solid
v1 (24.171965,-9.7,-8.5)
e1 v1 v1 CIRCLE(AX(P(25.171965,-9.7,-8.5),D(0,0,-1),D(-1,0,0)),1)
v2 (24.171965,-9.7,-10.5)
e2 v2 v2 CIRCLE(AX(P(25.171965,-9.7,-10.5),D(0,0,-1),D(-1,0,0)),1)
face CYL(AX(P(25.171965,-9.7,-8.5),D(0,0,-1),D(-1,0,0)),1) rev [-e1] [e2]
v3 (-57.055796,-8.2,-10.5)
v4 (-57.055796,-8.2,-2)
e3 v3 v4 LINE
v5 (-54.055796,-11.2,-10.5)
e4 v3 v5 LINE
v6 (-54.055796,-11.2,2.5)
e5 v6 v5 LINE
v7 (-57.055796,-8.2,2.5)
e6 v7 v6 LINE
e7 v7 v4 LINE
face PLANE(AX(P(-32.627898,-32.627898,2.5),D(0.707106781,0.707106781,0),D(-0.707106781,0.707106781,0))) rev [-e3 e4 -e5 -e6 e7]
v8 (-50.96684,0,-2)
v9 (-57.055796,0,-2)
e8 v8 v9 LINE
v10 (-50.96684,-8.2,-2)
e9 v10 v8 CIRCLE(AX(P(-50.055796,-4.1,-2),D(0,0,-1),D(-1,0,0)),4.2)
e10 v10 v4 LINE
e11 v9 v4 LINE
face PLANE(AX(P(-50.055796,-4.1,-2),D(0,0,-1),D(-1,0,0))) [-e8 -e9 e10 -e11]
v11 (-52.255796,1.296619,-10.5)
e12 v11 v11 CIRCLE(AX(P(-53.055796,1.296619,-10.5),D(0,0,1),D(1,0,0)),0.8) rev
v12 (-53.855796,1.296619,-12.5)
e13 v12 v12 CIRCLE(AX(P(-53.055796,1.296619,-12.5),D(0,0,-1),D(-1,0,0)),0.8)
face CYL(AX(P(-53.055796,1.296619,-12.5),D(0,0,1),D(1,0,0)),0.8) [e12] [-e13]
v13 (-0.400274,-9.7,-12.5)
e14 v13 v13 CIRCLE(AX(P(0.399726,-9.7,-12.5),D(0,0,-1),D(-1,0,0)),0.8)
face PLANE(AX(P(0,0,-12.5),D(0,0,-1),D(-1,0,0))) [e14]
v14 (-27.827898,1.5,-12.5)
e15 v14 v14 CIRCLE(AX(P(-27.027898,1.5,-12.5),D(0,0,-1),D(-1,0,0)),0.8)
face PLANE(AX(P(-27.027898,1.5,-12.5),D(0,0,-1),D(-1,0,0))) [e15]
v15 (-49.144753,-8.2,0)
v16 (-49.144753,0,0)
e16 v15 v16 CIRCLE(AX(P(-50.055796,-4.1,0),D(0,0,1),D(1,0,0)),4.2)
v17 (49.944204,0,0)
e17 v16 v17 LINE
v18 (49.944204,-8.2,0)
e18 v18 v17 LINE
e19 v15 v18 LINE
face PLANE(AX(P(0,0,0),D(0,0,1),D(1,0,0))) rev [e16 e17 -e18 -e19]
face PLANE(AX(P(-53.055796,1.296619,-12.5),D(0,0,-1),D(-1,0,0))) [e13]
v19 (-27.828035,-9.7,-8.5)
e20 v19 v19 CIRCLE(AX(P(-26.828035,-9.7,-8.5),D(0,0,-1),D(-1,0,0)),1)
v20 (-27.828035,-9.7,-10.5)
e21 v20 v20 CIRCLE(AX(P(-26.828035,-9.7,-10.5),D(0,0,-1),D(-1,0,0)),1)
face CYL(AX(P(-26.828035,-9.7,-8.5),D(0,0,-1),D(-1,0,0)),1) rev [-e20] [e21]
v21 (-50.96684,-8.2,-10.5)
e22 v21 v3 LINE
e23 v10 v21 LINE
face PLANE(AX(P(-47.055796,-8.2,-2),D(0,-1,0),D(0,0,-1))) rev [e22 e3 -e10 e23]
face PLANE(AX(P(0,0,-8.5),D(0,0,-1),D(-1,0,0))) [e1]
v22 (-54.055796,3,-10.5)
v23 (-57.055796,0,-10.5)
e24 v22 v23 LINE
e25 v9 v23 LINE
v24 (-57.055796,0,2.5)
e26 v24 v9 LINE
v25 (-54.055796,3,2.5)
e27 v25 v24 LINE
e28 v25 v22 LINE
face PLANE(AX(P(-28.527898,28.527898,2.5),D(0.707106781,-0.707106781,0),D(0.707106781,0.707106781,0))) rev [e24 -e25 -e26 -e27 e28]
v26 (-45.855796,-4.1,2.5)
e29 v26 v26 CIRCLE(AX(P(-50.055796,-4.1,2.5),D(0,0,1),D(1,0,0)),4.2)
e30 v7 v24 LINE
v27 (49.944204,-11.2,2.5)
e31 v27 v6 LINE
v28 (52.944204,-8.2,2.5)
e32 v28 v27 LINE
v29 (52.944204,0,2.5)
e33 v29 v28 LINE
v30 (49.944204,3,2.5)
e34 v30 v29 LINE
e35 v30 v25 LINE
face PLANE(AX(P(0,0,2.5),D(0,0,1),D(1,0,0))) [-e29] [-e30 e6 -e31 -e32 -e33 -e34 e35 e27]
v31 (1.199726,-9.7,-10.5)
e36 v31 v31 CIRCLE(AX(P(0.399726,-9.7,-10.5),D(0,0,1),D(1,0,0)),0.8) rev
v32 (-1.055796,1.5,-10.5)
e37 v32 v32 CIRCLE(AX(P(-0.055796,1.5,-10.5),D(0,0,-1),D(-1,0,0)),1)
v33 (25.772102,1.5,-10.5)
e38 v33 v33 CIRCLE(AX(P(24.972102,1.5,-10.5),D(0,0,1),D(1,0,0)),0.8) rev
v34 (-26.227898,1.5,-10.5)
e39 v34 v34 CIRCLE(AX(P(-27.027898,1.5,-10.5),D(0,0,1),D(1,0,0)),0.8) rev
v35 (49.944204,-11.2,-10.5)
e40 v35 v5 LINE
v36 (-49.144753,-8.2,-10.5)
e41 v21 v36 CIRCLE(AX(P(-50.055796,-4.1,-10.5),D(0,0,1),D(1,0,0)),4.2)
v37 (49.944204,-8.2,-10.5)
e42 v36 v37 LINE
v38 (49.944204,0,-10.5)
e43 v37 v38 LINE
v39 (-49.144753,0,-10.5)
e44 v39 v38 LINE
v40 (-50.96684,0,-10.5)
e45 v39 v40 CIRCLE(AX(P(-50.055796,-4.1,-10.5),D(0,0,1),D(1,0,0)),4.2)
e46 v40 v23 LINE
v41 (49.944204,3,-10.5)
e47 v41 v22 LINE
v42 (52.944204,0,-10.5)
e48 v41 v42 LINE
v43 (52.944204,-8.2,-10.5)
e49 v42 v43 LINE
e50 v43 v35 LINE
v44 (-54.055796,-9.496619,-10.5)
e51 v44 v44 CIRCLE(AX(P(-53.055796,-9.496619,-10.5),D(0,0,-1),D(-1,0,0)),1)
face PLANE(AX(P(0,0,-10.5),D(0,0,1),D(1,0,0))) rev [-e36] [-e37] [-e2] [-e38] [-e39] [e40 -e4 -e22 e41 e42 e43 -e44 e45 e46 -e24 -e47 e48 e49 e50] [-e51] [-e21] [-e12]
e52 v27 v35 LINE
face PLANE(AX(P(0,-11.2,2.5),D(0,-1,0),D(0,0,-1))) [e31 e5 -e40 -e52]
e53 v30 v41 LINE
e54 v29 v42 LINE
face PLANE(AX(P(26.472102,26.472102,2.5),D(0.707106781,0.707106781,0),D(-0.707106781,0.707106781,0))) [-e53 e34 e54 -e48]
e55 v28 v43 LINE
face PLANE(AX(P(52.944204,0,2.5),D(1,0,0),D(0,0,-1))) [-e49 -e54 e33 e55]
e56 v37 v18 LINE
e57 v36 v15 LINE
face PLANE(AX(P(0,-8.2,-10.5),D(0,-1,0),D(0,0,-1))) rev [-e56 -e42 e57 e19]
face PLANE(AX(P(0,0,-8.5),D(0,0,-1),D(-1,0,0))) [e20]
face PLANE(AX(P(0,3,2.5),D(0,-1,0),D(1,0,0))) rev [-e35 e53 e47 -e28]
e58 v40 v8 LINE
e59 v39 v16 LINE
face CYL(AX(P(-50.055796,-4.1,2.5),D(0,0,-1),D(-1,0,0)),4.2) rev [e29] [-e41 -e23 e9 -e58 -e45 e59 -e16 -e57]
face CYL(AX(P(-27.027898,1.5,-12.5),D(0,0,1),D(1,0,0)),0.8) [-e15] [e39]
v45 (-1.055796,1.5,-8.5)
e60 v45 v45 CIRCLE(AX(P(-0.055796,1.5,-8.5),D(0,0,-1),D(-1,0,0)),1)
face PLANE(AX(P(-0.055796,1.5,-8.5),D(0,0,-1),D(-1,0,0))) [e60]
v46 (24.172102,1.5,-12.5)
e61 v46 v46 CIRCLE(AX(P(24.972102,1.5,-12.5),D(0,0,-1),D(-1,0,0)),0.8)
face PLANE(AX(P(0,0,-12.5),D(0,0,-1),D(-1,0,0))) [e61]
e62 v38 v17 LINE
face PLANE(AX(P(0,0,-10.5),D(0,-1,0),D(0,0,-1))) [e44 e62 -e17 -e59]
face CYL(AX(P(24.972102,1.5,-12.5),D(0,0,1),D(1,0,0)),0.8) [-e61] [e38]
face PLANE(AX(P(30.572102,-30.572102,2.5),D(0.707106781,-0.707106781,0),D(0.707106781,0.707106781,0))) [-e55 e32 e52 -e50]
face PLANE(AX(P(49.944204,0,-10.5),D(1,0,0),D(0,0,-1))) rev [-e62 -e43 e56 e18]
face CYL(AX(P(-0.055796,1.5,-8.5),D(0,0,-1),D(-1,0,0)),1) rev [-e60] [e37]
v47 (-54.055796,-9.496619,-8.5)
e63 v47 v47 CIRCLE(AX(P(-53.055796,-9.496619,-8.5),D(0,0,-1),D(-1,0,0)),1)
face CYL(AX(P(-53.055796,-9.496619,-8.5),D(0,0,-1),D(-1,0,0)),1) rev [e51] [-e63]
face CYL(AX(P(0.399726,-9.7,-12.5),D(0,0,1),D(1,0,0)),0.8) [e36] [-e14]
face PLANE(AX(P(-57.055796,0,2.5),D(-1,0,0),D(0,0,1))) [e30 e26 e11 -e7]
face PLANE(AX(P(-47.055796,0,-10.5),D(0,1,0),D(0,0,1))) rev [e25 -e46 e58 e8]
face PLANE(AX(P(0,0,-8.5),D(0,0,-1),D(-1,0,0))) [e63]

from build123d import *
from build123d.topology import SkipClean

# Parameters (mm, degrees)
SKETCH_4_R          = 4.2
EXTRUDE_5_DEPTH     = 2.5
EXTRUDE_START       = -10.5
EXTRUDE_6_DEPTH     = 10.5
SKETCH_6_R          = 1
CUT_EXTRUDE_2_DEPTH = 2
SKETCH_7_R          = 0.8
EXTRUDE_7_DEPTH     = 2
SKETCH_8_R          = 0.8
EXTRUDE_8_DEPTH     = 2
SKETCH_9_R          = 1
CUT_EXTRUDE_3_DEPTH = 2
CUT_EXTRUDE_6_DEPTH = 5
EXTRUDE_9_DEPTH     = 11
EXTRUDE_10_DEPTH    = 11
EXTRUDE_START_2     = 2
EXTRUDE_11_DEPTH    = 2
SKETCH_18_R         = 1
CUT_EXTRUDE_7_DEPTH = 2
SKETCH_19_R         = 0.8
EXTRUDE_13_DEPTH    = 2
SKETCH_20_W         = 8.5
SKETCH_20_H         = 8.2
CUT_EXTRUDE_8_DEPTH = 10


with BuildPart() as part:
    # 草图4 → 凸台-拉伸5 (new body)
    with BuildSketch(Plane.XY):
        Polygon((52.944203822, -8.2), (52.944203822, 0), (49.944203822, 3), (-54.055796178, 3), (-57.055796178, 0), (-57.055796178, -8.2), (-54.055796178, -11.2), (49.944203822, -11.2), align=None)
        with Locations((-50.055796178, -4.1)):
            Circle(SKETCH_4_R, mode=Mode.SUBTRACT)
    extrude(amount=EXTRUDE_5_DEPTH)

    # 草图4<6> → 凸台-拉伸6 (add)
    with BuildSketch(Plane.XY.offset(EXTRUDE_START)):
        Polygon((52.944203822, -8.2), (52.944203822, 0), (49.944203822, 3), (-54.055796178, 3), (-57.055796178, 0), (-57.055796178, -8.2), (-54.055796178, -11.2), (49.944203822, -11.2), align=None)
        with BuildLine():
            ThreePointArc((-49.14475282, -8.2), (-54.255796178, -4.1), (-49.14475282, 0))
            Line((-49.14475282, 0), (49.944203822, 0))
            Line((49.944203822, 0), (49.944203822, -8.2))
            Line((49.944203822, -8.2), (-49.14475282, -8.2))
        make_face(mode=Mode.SUBTRACT)
    extrude(amount=EXTRUDE_6_DEPTH)

    # 草图6 → 切除-拉伸2 (cut)
    with BuildSketch(Plane(origin=(0, 0, -10.5), x_dir=(-1, 0, 0), z_dir=(0, 0, -1))):
        with Locations((0.055796178, 1.5)):
            Circle(SKETCH_6_R)
    extrude(amount=-CUT_EXTRUDE_2_DEPTH, mode=Mode.SUBTRACT)

    # 草图7 → 凸台-拉伸7 (add)
    with BuildSketch(Plane(origin=(0, 0, -10.5), x_dir=(-1, 0, 0), z_dir=(0, 0, -1))):
        with Locations((-0.399725501, -9.7)):
            Circle(SKETCH_7_R)
    extrude(amount=EXTRUDE_7_DEPTH)

    # 草图8 → 凸台-拉伸8 (add)
    with BuildSketch(Plane(origin=(0, 0, -10.5), x_dir=(-1, 0, 0), z_dir=(0, 0, -1))):
        with Locations((-24.972101911, 1.5)):
            Circle(SKETCH_8_R)
        with Locations((27.027898089, 1.5)):
            Circle(SKETCH_8_R)
    extrude(amount=EXTRUDE_8_DEPTH)

    # 草图9 → 切除-拉伸3 (cut)
    with BuildSketch(Plane(origin=(0, 0, -10.5), x_dir=(-1, 0, 0), z_dir=(0, 0, -1))):
        with Locations((-25.171964661, -9.7)):
            Circle(SKETCH_9_R)
        with Locations((26.828035339, -9.7)):
            Circle(SKETCH_9_R)
    extrude(amount=-CUT_EXTRUDE_3_DEPTH, mode=Mode.SUBTRACT)

    # 草图11 → 切除-拉伸6 (cut)
    with BuildSketch(Plane.ZY.offset(57.055796178)):
        Polygon((0, -8.2), (0, 0), (-10.5, 0), (-10.5, -1.6), (-10.5, -6.6), (-10.5, -8.2), align=None)
    extrude(amount=-CUT_EXTRUDE_6_DEPTH, mode=Mode.SUBTRACT)

    # 草图12 → 凸台-拉伸9 (add)
    with BuildSketch(Plane(origin=(0, 0, -10.5), x_dir=(-1, 0, 0), z_dir=(0, 0, -1))):
        Polygon((52.055796178, -0.406762937), (57.055796178, 0), (52.055796178, 0), align=None)
    extrude(amount=-EXTRUDE_9_DEPTH)

    # 草图13 → 凸台-拉伸10 (add)
    with BuildSketch(Plane(origin=(0, 0, -10.5), x_dir=(-1, 0, 0), z_dir=(0, 0, -1))):
        Polygon((52.055796178, -7.793237063), (52.055796178, -8.2), (57.055796178, -8.2), align=None)
    extrude(amount=-EXTRUDE_10_DEPTH)

    # 草图15 → 凸台-拉伸11 (add)
    with SkipClean():  # the faces are left unmerged after this step: merging them gives an invalid solid
        with BuildSketch(Plane(origin=(0, 0, 0), x_dir=(-1, 0, 0), z_dir=(0, 0, -1)).offset(EXTRUDE_START_2)):
            with BuildLine():
                Line((52.055796178, -0.406762937), (57.055796178, 0))
                Line((57.055796178, 0), (57.055796178, -8.2))
                Line((57.055796178, -8.2), (52.055796178, -7.793237063))
                ThreePointArc((52.055796178, -7.793237063), (54.255796178, -4.1), (52.055796178, -0.406762937))
            make_face()
        extrude(amount=-EXTRUDE_11_DEPTH)

    # 草图18 → 切除-拉伸7 (cut)
    with SkipClean():  # the faces are left unmerged after this step: merging them gives an invalid solid
        with BuildSketch(Plane(origin=(0, 0, -10.5), x_dir=(-1, 0, 0), z_dir=(0, 0, -1))):
            with Locations((53.055796178, -9.496618531)):
                Circle(SKETCH_18_R)
        extrude(amount=-CUT_EXTRUDE_7_DEPTH, mode=Mode.SUBTRACT)

    # 草图19 → 凸台-拉伸13 (add)
    with SkipClean():  # the faces are left unmerged after this step: merging them gives an invalid solid
        with BuildSketch(Plane(origin=(0, 0, -10.5), x_dir=(-1, 0, 0), z_dir=(0, 0, -1))):
            with Locations((53.055796178, 1.296618531)):
                Circle(SKETCH_19_R)
        extrude(amount=EXTRUDE_13_DEPTH)

    # 草图20 → 切除-拉伸8 (cut)
    with SkipClean():  # the faces are left unmerged after this step: merging them gives an invalid solid
        with BuildSketch(Plane.ZY.offset(57.055796178)):
            with Locations((-6.25, -4.1)):
                Rectangle(SKETCH_20_W, SKETCH_20_H)
        extrude(amount=-CUT_EXTRUDE_8_DEPTH, mode=Mode.SUBTRACT)


solid = part.part
